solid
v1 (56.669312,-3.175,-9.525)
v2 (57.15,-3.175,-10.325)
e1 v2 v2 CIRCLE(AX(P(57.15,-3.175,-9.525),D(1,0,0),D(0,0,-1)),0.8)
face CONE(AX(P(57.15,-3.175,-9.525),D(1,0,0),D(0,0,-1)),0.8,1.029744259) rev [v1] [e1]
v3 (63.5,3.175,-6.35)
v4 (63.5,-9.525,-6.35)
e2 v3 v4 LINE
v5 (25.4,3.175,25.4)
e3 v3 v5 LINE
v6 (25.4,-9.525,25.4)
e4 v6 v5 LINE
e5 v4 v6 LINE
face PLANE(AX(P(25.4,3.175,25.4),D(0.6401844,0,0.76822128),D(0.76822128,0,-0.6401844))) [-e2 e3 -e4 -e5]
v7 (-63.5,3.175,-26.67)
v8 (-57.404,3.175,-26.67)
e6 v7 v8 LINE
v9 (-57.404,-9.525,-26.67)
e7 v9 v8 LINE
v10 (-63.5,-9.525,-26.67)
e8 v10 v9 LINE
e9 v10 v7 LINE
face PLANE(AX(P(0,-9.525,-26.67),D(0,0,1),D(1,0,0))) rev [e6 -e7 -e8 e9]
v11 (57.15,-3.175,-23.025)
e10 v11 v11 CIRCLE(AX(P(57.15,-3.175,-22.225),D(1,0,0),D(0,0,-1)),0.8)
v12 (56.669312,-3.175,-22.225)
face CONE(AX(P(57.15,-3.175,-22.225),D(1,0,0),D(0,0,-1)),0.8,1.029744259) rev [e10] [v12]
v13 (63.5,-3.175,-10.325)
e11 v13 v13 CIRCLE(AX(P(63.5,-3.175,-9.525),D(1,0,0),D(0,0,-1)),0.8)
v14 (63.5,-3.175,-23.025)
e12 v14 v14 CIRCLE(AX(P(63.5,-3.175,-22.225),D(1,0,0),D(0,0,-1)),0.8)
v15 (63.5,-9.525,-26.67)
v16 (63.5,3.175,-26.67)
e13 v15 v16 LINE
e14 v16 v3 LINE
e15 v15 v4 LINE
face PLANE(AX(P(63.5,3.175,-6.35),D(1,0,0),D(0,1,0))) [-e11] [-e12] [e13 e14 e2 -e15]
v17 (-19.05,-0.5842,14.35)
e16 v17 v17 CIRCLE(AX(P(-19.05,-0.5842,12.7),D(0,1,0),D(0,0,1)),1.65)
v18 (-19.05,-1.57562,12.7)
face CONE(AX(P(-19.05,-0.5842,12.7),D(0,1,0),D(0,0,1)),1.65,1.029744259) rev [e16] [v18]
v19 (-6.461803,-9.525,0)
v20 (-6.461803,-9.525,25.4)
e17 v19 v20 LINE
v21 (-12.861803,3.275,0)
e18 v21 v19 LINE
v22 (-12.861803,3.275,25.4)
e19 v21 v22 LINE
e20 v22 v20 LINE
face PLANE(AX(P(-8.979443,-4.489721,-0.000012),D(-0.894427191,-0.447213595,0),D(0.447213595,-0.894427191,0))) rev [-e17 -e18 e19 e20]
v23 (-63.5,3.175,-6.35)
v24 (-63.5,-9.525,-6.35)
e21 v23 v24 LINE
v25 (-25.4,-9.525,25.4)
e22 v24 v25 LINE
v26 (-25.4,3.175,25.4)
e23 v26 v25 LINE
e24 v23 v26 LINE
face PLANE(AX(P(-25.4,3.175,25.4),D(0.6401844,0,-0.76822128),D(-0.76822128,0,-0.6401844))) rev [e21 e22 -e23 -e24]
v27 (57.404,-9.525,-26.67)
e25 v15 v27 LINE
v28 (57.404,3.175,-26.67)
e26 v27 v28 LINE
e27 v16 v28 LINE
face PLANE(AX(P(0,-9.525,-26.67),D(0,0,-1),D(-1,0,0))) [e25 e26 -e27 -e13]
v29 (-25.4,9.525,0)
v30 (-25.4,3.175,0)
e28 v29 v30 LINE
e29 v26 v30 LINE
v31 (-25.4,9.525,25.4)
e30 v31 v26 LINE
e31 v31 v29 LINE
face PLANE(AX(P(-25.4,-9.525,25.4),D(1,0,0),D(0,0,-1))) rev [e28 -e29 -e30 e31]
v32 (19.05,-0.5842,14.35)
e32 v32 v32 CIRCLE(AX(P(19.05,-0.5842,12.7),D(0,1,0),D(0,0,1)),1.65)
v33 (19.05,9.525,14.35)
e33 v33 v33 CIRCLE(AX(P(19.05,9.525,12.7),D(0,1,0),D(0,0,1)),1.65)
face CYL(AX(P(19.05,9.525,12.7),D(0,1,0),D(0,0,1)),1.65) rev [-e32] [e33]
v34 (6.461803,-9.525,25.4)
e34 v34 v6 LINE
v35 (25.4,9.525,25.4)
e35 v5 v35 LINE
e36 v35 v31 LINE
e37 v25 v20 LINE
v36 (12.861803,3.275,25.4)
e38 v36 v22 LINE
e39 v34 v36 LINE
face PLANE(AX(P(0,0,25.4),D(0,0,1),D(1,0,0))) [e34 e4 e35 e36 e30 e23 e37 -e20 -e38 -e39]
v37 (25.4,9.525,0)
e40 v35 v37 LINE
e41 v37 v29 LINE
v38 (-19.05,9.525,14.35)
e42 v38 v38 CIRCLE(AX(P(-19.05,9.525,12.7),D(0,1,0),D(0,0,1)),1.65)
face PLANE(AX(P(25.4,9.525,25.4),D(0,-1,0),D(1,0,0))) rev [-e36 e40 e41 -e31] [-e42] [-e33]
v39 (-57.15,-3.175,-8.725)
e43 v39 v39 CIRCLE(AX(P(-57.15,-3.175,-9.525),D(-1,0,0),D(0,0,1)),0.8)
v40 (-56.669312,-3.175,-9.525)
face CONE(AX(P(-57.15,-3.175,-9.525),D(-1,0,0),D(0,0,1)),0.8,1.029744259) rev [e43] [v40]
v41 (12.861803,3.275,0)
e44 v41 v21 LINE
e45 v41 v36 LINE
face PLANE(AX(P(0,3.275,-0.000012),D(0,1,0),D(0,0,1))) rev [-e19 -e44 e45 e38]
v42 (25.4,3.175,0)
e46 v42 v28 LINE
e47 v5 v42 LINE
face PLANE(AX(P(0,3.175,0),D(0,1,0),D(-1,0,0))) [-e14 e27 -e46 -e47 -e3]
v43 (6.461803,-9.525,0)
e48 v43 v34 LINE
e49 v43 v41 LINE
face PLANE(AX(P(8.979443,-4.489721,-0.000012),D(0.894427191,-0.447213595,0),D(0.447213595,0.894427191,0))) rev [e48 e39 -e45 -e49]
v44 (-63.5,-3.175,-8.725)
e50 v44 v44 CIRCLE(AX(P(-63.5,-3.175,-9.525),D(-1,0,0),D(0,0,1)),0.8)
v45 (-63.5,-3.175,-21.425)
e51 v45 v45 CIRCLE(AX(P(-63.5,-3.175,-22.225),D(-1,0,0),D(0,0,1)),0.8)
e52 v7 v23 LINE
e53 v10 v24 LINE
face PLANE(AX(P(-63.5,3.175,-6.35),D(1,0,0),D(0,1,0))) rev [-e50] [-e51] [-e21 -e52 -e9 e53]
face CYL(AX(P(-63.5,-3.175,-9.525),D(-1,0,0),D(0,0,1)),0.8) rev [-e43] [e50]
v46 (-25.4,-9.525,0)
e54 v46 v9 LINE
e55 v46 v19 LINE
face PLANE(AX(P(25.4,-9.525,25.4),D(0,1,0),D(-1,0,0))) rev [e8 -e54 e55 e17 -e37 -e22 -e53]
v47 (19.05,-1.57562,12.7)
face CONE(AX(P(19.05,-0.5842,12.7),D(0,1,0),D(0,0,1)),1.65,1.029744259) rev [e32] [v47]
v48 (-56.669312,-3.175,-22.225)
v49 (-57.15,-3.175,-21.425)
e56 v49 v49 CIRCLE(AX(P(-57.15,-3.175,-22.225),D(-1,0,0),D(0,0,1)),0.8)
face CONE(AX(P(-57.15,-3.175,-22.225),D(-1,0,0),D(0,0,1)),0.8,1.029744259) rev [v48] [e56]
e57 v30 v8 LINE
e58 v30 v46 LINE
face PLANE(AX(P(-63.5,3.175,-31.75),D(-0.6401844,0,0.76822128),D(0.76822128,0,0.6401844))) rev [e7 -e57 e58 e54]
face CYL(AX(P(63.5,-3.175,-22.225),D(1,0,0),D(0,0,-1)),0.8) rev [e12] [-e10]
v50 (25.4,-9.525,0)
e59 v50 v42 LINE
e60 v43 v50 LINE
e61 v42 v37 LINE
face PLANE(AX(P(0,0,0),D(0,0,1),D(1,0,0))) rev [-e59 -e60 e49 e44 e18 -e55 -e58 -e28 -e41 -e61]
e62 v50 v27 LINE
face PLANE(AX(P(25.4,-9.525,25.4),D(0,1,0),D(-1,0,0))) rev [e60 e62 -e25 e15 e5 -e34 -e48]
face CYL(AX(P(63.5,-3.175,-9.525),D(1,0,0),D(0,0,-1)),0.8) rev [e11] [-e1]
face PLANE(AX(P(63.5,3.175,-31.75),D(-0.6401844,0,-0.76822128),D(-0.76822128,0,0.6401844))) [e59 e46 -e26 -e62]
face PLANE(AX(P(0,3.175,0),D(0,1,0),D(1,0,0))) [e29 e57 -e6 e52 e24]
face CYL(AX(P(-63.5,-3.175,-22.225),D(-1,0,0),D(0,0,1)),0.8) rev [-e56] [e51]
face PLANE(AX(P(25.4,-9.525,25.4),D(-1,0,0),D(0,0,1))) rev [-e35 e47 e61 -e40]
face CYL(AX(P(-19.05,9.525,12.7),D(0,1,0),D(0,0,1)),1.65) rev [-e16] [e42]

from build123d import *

# Parameters (mm, degrees)
SKETCH1_W                      = 50.8
SKETCH1_H                      = 19.05
BOSS_EXTRUDE1_DEPTH            = 25.4
CUT_EXTRUDE1_DEPTH             = 38.162422217
CUT_EXTRUDE1_DEPTH_BACK        = 38.1
M4X0_7_TAPPED_HOLE1_D          = 3.3
M4X0_7_TAPPED_HOLE1_DEPTH      = 10.1092
M4X0_7_TAPPED_HOLE1_TIP        = 0.991420021
BOSS_EXTRUDE4_DEPTH            = 12.7
M2X0_4_TAPPED_HOLE1_AT_2_COUNT = 2
M2X0_4_TAPPED_HOLE1_AT_2_PITCH = 12.7
CUT_EXTRUDE2_DEPTH             = 12.7


with BuildPart() as part:
    # Sketch1 → Boss-Extrude1 (new body)
    with BuildSketch(Plane.XY):
        Rectangle(SKETCH1_W, SKETCH1_H)
    extrude(amount=BOSS_EXTRUDE1_DEPTH)

    # Sketch2 → Cut-Extrude1 (cut, two sides)
    with BuildSketch(Plane(origin=(0, 0, 0), x_dir=(-1, 0, 0), z_dir=(0, 0, -1))) as cut_extrude1_sk:
        Polygon((-6.461803399, -9.525), (-6.35, -9.525), (-12.7, 3.175), (12.7, 3.175), (6.35, -9.525), (6.461803399, -9.525), (12.861803399, 3.275), (-12.861803399, 3.275), align=None)
        Polygon((-12.7, 3.175), (-6.35, -9.525), (6.35, -9.525), (12.7, 3.175), align=None)
    extrude(amount=CUT_EXTRUDE1_DEPTH, mode=Mode.SUBTRACT)
    extrude(cut_extrude1_sk.sketch, amount=-CUT_EXTRUDE1_DEPTH_BACK, mode=Mode.SUBTRACT)

    # M4x0.7 Tapped Hole1
    with Locations(Plane(origin=(0, 9.525, 0), x_dir=(1, 0, 0), z_dir=(0, 1, 0))):
        with Locations((-19.05, -12.7), (19.05, -12.7)):
            Hole(M4X0_7_TAPPED_HOLE1_D / 2, depth=M4X0_7_TAPPED_HOLE1_DEPTH)
            with Locations((0, 0, -(M4X0_7_TAPPED_HOLE1_DEPTH + M4X0_7_TAPPED_HOLE1_TIP / 2))):  # 118° drill point
                Cone(0, M4X0_7_TAPPED_HOLE1_D / 2, M4X0_7_TAPPED_HOLE1_TIP, mode=Mode.SUBTRACT)

    # Sketch8 → Boss-Extrude4 (add)
    with BuildSketch(Plane.XZ.offset(9.525)):
        Polygon((25.4, 25.4), (63.5, -6.35), (63.5, -31.75), (25.4, 0), align=None)
    boss_extrude4 = extrude(amount=-BOSS_EXTRUDE4_DEPTH)

    # Sketch19 → M2x0.4 Tapped Hole1 (revolve, cut)
    with BuildSketch(Plane(origin=(63.5, -3.175, -22.225), x_dir=(0, 0, -1), z_dir=(0, 1, 0))):
        Polygon((0, 0), (0, 6.830688495), (0.8, 6.35), (0.8, 0), align=None)
    m2x0_4_tapped_hole1 = revolve(axis=Axis((69.85, -3.175, -22.225), (-1, 0, 0)), mode=Mode.SUBTRACT)

    # M2x0.4 Tapped Hole1 at 2: M2x0.4 Tapped Hole1 ×2
    with Locations(*[(0, 0, i * M2X0_4_TAPPED_HOLE1_AT_2_PITCH) for i in range(1, M2X0_4_TAPPED_HOLE1_AT_2_COUNT)]):
        add(m2x0_4_tapped_hole1, mode=Mode.SUBTRACT)

    # Sketch20 → Cut-Extrude2 (cut)
    with BuildSketch(Plane(origin=(0, 3.175, 0), x_dir=(1, 0, 0), z_dir=(0, 1, 0))):
        Polygon((57.404, 26.67), (63.5, 26.67), (63.5, 31.75), align=None)
    cut_extrude2 = extrude(amount=-CUT_EXTRUDE2_DEPTH, mode=Mode.SUBTRACT)

    # Mirror1: Boss-Extrude4, M2x0.4 Tapped Hole1, Cut-Extrude2 across plane
    add(boss_extrude4.mirror(Plane(origin=(0, 0, 0), x_dir=(0, 0, 1), z_dir=(1, 0, 0))))
    add(m2x0_4_tapped_hole1.mirror(Plane(origin=(0, 0, 0), x_dir=(0, 0, 1), z_dir=(1, 0, 0))), mode=Mode.SUBTRACT)
    add(cut_extrude2.mirror(Plane(origin=(0, 0, 0), x_dir=(0, 0, 1), z_dir=(1, 0, 0))), mode=Mode.SUBTRACT)

    # Mirror1 copy 1 sketch → Mirror1 copy 1 (revolve, cut)
    with BuildSketch(Plane(origin=(-63.5, -3.175, -9.525), x_dir=(0, 0, -1), z_dir=(0, 1, 0))):
        Polygon((0, 0), (0, -6.830688495), (0.8, -6.35), (0.8, 0), align=None)
    revolve(axis=Axis((-69.85, -3.175, -9.525), (-1, 0, 0)), mode=Mode.SUBTRACT)


solid = part.part
